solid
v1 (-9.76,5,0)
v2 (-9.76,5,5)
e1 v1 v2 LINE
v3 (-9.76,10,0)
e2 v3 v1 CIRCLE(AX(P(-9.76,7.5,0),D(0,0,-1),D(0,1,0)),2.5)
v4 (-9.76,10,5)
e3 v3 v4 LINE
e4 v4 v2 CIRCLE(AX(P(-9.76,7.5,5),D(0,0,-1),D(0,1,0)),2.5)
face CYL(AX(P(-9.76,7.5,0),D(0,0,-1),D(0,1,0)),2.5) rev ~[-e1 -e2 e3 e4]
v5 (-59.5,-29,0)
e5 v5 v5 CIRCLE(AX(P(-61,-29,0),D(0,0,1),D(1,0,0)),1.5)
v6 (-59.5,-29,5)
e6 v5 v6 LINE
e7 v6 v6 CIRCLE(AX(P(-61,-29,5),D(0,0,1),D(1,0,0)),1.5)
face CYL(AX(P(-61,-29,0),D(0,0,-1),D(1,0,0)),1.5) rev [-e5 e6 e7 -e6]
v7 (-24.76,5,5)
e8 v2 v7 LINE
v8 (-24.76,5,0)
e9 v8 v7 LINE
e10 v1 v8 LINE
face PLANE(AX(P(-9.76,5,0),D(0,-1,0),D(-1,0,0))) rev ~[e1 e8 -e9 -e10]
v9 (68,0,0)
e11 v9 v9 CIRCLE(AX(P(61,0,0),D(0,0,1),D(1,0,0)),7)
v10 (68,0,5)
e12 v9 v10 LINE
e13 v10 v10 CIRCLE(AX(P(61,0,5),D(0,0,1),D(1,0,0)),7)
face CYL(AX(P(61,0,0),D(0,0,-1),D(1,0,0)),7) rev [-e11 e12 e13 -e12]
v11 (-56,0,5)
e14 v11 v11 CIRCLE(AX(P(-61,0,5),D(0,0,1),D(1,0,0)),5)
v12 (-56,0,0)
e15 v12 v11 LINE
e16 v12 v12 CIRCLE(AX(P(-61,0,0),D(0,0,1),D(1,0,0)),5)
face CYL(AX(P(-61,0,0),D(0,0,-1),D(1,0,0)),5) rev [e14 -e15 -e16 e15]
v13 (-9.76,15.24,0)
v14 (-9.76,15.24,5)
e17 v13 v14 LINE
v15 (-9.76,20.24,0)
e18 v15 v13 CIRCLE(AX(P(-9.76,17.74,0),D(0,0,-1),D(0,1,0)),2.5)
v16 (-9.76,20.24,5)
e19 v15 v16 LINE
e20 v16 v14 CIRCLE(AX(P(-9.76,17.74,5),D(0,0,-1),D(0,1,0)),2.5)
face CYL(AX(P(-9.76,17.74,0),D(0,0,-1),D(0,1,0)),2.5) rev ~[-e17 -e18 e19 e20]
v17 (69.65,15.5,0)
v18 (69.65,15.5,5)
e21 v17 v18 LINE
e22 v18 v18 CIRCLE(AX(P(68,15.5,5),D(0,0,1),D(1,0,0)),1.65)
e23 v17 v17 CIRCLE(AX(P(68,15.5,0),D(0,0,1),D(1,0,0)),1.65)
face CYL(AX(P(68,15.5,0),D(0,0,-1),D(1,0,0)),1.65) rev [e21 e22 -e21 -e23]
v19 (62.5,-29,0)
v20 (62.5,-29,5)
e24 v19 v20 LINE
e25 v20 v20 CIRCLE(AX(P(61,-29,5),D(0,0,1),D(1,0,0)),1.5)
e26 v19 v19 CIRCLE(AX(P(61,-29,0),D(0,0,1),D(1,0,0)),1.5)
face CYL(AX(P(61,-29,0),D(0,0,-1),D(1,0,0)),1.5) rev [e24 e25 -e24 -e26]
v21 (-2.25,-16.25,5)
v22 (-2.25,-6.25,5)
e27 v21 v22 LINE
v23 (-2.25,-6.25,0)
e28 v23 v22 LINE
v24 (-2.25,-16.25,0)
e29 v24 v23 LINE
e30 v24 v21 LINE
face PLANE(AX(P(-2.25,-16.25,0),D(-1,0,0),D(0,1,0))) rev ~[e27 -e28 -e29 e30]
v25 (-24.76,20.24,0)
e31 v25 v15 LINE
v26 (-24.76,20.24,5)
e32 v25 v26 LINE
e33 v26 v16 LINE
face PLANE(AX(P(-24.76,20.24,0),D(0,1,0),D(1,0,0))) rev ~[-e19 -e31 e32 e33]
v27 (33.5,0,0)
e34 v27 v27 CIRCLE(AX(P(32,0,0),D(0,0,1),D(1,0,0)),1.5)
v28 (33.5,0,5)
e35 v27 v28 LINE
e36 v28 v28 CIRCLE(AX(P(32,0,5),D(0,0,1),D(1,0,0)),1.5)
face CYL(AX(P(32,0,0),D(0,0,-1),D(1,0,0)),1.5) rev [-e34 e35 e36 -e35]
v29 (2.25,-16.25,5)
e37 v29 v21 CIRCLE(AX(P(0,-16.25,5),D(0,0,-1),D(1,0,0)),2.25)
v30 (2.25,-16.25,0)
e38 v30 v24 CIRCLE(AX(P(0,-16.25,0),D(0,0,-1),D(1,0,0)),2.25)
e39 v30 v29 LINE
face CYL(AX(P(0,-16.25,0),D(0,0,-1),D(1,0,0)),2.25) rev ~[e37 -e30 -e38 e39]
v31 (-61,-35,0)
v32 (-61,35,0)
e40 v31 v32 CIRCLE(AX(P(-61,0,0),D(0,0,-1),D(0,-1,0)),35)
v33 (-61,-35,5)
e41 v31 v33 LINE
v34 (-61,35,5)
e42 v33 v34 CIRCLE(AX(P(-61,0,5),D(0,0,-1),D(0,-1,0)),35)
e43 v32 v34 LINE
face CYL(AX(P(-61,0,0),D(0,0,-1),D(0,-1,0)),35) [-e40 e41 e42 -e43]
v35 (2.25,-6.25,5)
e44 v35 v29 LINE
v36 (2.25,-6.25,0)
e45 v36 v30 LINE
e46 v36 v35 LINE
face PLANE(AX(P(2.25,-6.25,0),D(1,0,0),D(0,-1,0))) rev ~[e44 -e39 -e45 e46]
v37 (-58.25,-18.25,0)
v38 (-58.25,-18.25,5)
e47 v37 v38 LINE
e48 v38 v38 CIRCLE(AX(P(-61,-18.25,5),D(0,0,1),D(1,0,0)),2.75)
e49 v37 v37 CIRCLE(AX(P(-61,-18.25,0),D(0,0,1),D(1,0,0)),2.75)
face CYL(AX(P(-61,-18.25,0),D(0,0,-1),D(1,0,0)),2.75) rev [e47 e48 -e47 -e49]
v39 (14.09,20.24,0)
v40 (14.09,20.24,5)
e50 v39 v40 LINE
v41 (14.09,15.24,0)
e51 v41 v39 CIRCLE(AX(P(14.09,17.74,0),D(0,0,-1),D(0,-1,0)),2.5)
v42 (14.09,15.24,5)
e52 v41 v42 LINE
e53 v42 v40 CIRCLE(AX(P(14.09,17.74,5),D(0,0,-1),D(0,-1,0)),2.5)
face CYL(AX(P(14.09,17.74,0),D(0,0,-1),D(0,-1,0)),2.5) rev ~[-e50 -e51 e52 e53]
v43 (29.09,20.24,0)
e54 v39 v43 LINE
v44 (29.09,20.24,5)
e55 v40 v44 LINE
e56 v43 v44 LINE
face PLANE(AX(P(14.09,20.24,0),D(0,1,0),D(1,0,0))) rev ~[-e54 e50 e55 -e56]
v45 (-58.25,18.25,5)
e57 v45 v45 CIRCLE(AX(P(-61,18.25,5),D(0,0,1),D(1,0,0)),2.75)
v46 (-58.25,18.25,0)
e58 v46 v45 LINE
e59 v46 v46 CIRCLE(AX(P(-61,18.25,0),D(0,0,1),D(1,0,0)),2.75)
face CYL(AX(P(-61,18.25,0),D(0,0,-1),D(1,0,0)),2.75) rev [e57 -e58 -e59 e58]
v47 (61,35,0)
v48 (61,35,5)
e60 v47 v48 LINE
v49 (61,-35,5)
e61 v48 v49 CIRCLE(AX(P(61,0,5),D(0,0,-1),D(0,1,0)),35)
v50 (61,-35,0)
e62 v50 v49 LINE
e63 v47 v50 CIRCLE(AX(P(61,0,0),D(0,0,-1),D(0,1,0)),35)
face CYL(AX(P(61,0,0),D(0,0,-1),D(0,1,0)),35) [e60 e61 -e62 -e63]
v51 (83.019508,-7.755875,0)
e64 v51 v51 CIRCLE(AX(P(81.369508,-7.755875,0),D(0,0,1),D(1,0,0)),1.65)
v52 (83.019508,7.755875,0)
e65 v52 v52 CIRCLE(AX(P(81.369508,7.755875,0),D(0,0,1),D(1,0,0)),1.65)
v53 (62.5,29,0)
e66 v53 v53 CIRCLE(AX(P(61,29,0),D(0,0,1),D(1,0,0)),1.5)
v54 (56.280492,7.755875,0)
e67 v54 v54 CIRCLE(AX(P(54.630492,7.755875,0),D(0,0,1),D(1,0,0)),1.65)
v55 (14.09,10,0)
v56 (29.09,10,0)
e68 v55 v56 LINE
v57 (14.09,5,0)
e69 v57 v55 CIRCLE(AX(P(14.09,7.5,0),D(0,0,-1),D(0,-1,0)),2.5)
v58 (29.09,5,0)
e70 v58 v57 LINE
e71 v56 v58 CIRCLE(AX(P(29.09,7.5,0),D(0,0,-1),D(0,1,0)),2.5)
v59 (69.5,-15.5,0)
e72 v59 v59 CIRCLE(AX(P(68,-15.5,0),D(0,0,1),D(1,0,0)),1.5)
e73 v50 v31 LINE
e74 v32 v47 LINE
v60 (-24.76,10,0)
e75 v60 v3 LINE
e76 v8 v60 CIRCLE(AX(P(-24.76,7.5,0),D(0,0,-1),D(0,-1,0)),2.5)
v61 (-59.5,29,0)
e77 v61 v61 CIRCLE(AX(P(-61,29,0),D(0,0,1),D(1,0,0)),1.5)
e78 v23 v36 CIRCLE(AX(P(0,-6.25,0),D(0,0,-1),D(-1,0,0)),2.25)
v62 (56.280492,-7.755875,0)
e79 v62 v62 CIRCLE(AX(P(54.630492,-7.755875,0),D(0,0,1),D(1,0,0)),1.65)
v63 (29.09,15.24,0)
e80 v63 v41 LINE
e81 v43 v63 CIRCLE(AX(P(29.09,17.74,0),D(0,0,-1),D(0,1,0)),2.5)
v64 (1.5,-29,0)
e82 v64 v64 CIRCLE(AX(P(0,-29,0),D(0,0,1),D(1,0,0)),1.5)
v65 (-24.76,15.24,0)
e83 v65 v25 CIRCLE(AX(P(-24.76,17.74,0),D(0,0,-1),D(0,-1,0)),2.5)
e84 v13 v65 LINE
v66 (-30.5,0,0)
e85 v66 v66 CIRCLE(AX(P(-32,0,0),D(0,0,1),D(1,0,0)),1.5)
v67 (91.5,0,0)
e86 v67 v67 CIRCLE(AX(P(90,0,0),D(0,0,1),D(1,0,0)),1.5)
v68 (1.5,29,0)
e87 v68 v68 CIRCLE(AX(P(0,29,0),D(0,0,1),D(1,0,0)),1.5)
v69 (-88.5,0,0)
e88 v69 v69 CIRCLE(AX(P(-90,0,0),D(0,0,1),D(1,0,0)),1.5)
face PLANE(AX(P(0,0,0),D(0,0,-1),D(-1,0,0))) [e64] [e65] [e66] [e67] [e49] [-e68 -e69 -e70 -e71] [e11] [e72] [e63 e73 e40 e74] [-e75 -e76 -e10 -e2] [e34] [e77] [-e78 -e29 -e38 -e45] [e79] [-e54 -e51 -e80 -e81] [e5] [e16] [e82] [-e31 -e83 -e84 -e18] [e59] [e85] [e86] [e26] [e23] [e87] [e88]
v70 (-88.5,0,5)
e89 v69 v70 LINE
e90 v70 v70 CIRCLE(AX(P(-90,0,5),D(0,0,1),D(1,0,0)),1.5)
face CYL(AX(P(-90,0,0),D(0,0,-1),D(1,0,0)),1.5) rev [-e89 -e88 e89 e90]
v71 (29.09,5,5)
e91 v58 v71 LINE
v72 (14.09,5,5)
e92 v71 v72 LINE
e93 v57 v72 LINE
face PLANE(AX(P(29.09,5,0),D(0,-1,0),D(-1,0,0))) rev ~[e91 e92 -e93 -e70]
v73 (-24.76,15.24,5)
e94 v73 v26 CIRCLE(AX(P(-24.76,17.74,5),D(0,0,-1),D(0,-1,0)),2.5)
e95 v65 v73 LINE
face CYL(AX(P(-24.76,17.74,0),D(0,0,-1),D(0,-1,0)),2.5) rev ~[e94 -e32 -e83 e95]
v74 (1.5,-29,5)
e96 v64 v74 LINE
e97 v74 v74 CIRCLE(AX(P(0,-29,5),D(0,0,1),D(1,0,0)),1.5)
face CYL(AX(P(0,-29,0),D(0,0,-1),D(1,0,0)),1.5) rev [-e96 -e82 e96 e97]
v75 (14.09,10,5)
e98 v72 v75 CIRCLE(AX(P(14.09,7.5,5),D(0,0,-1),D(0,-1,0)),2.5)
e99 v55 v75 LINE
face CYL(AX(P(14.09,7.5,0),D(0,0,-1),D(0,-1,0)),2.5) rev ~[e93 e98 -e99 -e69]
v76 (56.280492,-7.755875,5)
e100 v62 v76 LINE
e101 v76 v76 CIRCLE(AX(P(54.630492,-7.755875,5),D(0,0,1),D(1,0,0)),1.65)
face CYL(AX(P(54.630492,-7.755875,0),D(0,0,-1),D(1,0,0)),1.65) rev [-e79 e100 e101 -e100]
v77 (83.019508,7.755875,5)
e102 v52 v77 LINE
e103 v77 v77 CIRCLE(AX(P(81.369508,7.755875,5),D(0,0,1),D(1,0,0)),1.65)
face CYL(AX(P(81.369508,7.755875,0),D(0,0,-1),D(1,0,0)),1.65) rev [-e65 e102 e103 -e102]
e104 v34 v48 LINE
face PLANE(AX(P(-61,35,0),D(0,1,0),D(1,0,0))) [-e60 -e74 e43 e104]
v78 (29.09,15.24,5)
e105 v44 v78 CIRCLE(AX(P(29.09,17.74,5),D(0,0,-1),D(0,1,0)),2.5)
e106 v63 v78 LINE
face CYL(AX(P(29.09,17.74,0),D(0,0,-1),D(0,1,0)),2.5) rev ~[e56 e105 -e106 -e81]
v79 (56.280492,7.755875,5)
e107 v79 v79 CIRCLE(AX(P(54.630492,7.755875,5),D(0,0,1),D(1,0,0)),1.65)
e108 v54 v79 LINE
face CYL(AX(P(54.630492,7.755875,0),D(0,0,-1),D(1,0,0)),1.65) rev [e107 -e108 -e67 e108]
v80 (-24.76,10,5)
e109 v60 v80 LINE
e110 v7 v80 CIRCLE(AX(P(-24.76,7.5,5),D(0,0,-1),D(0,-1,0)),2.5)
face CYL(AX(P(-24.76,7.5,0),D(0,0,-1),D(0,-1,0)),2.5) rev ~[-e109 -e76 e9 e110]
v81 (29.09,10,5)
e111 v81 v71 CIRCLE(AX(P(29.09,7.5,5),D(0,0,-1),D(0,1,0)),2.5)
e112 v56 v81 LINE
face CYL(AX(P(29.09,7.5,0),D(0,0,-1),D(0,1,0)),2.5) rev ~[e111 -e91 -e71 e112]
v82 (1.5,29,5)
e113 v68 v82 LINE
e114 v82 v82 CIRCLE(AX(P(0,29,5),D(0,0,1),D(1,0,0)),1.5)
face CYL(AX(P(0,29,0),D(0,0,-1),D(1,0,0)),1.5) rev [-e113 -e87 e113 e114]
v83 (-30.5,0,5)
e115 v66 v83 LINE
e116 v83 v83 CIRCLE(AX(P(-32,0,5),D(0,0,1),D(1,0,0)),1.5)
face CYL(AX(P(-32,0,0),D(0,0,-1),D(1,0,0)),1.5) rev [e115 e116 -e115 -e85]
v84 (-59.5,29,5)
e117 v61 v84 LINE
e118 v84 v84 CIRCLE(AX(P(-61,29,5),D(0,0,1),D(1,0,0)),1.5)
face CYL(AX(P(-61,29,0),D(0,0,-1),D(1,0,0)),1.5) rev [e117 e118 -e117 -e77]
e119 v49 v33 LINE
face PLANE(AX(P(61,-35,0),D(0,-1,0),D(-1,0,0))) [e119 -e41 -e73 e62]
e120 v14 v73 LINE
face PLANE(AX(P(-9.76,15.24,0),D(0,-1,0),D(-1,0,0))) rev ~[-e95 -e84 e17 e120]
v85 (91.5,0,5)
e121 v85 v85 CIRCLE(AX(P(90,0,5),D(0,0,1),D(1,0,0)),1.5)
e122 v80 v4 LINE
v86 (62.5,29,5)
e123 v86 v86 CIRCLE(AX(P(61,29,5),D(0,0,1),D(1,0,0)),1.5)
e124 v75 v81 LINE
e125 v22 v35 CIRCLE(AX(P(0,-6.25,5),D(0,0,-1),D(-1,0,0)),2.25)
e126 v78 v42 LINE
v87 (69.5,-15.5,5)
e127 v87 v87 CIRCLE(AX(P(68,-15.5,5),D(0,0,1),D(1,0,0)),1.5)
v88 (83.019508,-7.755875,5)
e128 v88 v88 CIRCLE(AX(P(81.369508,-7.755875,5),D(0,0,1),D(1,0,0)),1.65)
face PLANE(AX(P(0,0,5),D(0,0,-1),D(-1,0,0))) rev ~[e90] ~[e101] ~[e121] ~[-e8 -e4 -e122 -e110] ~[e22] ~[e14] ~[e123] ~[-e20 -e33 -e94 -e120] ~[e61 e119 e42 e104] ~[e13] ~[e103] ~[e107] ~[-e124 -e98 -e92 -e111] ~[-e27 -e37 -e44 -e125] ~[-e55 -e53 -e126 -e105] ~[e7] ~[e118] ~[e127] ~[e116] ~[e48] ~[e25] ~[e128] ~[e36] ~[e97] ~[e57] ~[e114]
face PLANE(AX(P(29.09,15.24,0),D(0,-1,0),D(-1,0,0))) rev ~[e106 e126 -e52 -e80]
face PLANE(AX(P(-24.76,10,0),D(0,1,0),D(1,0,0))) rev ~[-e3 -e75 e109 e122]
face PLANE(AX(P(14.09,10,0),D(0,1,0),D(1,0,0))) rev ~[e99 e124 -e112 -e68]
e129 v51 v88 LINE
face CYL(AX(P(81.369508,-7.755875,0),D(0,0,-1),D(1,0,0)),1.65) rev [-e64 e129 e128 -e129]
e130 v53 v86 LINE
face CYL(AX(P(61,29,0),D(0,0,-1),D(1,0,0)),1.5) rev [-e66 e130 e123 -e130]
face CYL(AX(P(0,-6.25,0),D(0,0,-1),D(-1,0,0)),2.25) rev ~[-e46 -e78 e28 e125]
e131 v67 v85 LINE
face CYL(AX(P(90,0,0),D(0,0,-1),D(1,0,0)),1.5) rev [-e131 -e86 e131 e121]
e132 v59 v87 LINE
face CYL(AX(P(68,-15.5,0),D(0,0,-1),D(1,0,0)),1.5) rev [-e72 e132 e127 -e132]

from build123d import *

# Parameters (mm, degrees)
SKETCH1_R           = 7
SKETCH1_R_2         = 5
SKETCH1_R_3         = 1.5
SKETCH1_R_4         = 2.75
SKETCH1_R_5         = 1.65
BOSS_EXTRUDE1_DEPTH = 5


with BuildPart() as part:
    # Sketch1 → Boss-Extrude1 (new body)
    with BuildSketch(Plane.XY):
        with BuildLine():
            Line((61, -35), (-61, -35))
            ThreePointArc((-61, -35), (-96, 0), (-61, 35))
            Line((-61, 35), (61, 35))
            ThreePointArc((61, 35), (96, 0), (61, -35))
        make_face()
        with Locations((61, 0)):
            Circle(SKETCH1_R, mode=Mode.SUBTRACT)
        with Locations((-61, 0)):
            Circle(SKETCH1_R_2, mode=Mode.SUBTRACT)
        with Locations((-61, -29)):
            Circle(SKETCH1_R_3, mode=Mode.SUBTRACT)
        with Locations((-61, 29)):
            Circle(SKETCH1_R_3, mode=Mode.SUBTRACT)
        with Locations((61, 29)):
            Circle(SKETCH1_R_3, mode=Mode.SUBTRACT)
        with Locations((61, -29)):
            Circle(SKETCH1_R_3, mode=Mode.SUBTRACT)
        with Locations((0, -29)):
            Circle(SKETCH1_R_3, mode=Mode.SUBTRACT)
        with Locations((0, 29)):
            Circle(SKETCH1_R_3, mode=Mode.SUBTRACT)
        with Locations((-61, 18.25)):
            Circle(SKETCH1_R_4, mode=Mode.SUBTRACT)
        with Locations((-61, -18.25)):
            Circle(SKETCH1_R_4, mode=Mode.SUBTRACT)
        with Locations((-90, 0)):
            Circle(SKETCH1_R_3, mode=Mode.SUBTRACT)
        with Locations((-32, 0)):
            Circle(SKETCH1_R_3, mode=Mode.SUBTRACT)
        with Locations((90, 0)):
            Circle(SKETCH1_R_3, mode=Mode.SUBTRACT)
        with Locations((32, 0)):
            Circle(SKETCH1_R_3, mode=Mode.SUBTRACT)
        with Locations((68, -15.5)):
            Circle(SKETCH1_R_3, mode=Mode.SUBTRACT)
        with Locations((68, 15.5)):
            Circle(SKETCH1_R_5, mode=Mode.SUBTRACT)
        with Locations((54.630491741, 7.75587519)):
            Circle(SKETCH1_R_5, mode=Mode.SUBTRACT)
        with Locations((54.630491741, -7.75587519)):
            Circle(SKETCH1_R_5, mode=Mode.SUBTRACT)
        with Locations((81.369508259, -7.75587519)):
            Circle(SKETCH1_R_5, mode=Mode.SUBTRACT)
        with Locations((81.369508259, 7.75587519)):
            Circle(SKETCH1_R_5, mode=Mode.SUBTRACT)
        with BuildLine():
            Line((2.25, -6.25), (2.25, -16.25))
            ThreePointArc((2.25, -16.25), (0, -18.5), (-2.25, -16.25))
            Line((-2.25, -16.25), (-2.25, -6.25))
            ThreePointArc((-2.25, -6.25), (0, -4), (2.25, -6.25))
        make_face(mode=Mode.SUBTRACT)
        with BuildLine():
            Line((-24.76, 10), (-9.76, 10))
            ThreePointArc((-9.76, 10), (-7.26, 7.5), (-9.76, 5))
            Line((-9.76, 5), (-24.76, 5))
            ThreePointArc((-24.76, 5), (-27.26, 7.5), (-24.76, 10))
        make_face(mode=Mode.SUBTRACT)
        with BuildLine():
            Line((-24.76, 20.24), (-9.76, 20.24))
            ThreePointArc((-9.76, 20.24), (-7.26, 17.74), (-9.76, 15.24))
            Line((-9.76, 15.24), (-24.76, 15.24))
            ThreePointArc((-24.76, 15.24), (-27.26, 17.74), (-24.76, 20.24))
        make_face(mode=Mode.SUBTRACT)
        with BuildLine():
            Line((14.09, 10), (29.09, 10))
            ThreePointArc((29.09, 10), (31.59, 7.5), (29.09, 5))
            Line((29.09, 5), (14.09, 5))
            ThreePointArc((14.09, 5), (11.59, 7.5), (14.09, 10))
        make_face(mode=Mode.SUBTRACT)
        with BuildLine():
            Line((14.09, 20.24), (29.09, 20.24))
            ThreePointArc((29.09, 20.24), (31.59, 17.74), (29.09, 15.24))
            Line((29.09, 15.24), (14.09, 15.24))
            ThreePointArc((14.09, 15.24), (11.59, 17.74), (14.09, 20.24))
        make_face(mode=Mode.SUBTRACT)
    extrude(amount=BOSS_EXTRUDE1_DEPTH)


solid = part.part
